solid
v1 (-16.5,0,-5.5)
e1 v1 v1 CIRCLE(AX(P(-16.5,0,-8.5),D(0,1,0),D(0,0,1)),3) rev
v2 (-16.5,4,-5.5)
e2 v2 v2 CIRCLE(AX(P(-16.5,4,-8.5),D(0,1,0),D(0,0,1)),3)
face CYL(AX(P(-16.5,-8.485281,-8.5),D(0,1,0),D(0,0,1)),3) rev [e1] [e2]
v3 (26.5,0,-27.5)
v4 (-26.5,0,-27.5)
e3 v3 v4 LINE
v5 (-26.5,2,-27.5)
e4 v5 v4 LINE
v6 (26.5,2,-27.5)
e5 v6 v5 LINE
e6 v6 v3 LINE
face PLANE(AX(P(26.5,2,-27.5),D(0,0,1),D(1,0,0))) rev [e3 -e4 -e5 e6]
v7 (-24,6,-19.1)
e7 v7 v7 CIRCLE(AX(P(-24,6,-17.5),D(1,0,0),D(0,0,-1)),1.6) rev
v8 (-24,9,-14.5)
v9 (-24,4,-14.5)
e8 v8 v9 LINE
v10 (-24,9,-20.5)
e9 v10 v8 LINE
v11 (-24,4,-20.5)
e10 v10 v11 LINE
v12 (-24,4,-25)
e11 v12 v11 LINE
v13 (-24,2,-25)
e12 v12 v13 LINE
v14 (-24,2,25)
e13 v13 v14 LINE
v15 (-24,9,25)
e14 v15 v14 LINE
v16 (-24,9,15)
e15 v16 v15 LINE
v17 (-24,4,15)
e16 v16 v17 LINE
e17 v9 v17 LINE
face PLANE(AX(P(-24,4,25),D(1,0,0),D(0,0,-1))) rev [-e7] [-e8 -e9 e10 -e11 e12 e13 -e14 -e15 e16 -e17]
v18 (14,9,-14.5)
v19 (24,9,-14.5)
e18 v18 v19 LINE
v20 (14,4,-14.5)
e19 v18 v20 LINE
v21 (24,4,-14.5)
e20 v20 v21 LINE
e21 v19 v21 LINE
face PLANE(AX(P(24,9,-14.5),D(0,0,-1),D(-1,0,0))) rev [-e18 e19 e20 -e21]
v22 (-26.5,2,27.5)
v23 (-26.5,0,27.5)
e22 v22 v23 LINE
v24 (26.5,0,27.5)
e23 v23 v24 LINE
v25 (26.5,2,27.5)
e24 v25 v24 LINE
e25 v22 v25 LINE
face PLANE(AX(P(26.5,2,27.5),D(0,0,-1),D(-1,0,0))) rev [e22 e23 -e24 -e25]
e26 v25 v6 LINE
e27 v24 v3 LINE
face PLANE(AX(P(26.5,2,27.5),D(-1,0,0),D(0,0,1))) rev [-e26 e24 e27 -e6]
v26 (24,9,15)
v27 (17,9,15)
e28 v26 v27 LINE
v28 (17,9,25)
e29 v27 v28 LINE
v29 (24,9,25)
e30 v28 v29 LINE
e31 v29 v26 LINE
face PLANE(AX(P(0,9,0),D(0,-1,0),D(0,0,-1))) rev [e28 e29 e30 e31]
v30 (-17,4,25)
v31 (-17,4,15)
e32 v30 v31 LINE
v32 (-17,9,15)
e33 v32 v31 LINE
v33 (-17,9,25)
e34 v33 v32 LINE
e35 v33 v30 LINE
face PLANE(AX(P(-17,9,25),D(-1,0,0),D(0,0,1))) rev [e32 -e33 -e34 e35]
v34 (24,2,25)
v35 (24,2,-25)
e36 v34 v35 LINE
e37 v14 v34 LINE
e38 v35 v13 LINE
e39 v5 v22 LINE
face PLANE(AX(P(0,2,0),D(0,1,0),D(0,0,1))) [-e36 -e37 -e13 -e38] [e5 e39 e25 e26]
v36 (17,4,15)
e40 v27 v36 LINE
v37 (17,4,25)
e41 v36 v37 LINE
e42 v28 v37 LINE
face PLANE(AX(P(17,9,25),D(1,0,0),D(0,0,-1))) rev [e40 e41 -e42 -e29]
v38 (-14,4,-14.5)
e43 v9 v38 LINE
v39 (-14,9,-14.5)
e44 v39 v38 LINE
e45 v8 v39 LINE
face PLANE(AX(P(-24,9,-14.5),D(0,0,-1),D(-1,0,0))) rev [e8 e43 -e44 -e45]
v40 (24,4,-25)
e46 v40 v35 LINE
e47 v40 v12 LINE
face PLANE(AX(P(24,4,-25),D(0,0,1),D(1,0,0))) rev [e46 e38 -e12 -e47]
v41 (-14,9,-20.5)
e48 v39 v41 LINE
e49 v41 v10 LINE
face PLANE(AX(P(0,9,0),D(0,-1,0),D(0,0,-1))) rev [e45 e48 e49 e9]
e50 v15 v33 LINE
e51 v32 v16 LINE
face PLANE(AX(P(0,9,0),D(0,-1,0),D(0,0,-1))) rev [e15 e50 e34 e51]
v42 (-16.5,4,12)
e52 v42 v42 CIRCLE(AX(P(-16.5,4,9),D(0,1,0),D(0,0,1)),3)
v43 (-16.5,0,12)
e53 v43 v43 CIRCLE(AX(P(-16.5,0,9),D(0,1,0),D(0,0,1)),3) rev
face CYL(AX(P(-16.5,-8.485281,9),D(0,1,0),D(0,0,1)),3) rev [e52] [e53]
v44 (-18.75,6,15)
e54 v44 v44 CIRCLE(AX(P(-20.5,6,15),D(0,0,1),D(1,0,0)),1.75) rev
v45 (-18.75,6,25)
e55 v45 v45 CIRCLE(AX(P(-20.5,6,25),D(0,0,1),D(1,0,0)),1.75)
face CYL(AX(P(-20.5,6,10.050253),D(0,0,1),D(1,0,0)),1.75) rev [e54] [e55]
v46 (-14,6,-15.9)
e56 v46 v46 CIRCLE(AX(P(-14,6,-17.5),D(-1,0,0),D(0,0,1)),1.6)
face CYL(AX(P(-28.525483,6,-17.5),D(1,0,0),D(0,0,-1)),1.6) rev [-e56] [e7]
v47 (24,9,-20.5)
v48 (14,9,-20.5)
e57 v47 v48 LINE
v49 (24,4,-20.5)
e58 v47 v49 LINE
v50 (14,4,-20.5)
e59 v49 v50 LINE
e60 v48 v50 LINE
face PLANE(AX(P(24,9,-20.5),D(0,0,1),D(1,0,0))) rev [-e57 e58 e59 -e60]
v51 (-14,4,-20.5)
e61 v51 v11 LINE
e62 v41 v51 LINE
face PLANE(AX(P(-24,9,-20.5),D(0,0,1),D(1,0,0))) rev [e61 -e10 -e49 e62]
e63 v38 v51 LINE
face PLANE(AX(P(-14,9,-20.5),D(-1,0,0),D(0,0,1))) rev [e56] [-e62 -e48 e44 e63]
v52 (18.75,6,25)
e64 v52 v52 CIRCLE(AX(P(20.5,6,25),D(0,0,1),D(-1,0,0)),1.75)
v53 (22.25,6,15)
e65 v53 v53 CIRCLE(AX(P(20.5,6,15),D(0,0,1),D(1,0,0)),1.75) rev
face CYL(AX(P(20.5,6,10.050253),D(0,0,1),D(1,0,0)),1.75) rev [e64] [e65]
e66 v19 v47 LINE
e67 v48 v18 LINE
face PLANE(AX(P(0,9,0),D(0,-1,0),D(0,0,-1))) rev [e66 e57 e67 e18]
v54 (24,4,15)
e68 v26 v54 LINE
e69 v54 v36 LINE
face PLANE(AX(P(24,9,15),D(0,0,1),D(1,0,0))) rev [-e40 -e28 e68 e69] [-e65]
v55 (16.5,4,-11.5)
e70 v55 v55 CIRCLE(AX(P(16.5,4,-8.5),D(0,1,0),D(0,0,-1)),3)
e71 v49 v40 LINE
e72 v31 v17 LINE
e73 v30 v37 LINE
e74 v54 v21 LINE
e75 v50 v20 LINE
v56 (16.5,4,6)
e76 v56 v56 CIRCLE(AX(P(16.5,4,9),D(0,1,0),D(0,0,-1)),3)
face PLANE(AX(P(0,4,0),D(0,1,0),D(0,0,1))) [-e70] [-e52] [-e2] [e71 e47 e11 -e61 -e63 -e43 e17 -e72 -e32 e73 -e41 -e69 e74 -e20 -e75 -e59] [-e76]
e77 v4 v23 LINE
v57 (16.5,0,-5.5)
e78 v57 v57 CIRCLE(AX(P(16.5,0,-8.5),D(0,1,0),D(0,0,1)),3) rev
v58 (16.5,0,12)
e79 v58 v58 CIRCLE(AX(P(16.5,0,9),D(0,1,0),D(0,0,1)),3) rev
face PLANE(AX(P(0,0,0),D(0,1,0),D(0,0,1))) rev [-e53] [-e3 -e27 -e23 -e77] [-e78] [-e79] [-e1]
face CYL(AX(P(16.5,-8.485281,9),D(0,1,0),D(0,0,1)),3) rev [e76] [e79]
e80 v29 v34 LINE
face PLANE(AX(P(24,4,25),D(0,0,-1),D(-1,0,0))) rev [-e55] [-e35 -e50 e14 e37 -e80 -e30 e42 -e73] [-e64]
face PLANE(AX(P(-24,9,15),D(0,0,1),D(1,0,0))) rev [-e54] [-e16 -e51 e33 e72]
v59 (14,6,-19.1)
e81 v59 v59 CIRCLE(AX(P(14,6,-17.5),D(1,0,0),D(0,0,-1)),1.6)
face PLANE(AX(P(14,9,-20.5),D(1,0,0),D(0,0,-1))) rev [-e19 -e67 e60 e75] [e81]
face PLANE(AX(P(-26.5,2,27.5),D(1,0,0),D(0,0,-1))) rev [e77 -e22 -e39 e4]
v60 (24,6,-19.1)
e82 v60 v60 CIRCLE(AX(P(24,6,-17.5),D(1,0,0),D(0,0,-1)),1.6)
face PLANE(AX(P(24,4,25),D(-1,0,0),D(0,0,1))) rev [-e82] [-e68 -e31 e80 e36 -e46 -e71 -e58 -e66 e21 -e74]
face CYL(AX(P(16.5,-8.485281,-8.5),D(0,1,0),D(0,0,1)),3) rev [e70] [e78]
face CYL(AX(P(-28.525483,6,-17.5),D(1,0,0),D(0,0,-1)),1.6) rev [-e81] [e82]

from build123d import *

# Parameters (mm, degrees)
SKETCH1_W               = 53
SKETCH1_H               = 55
TOP_DEPTH               = 2
SKETCH2_W               = 48
SKETCH2_H               = 50
INSIDE_LIP_DEPTH        = 2
SKETCH3_W               = 7
SKETCH3_H               = 10
SKETCH3_W_2             = 10
SKETCH3_H_2             = 6
SCREW_POSTS_DEPTH       = 5
SKETCH4_R               = 1.75
FRONT_SCREW_HOLES_DEPTH = 10
BACK_START              = -48
SKETCH5_R               = 1.6
BACK_SCREW_HOLES_DEPTH  = 48
SKETCH6_R               = 3
CUT_EXTRUDE3_DEPTH      = 4


with BuildPart() as part:
    # Sketch1 → Top (new body)
    with BuildSketch(Plane(origin=(0, 0, 0), x_dir=(1, 0, 0), z_dir=(0, 1, 0))):
        Rectangle(SKETCH1_W, SKETCH1_H)
    extrude(amount=TOP_DEPTH)

    # Sketch2 → Inside Lip (add)
    with BuildSketch(Plane(origin=(0, 2, 0), x_dir=(1, 0, 0), z_dir=(0, 1, 0))):
        Rectangle(SKETCH2_W, SKETCH2_H)
    extrude(amount=INSIDE_LIP_DEPTH)

    # Sketch3 → Screw Posts (add)
    with BuildSketch(Plane(origin=(0, 4, 0), x_dir=(1, 0, 0), z_dir=(0, 1, 0))):
        with Locations((-20.5, -20)):
            Rectangle(SKETCH3_W, SKETCH3_H)
        with Locations((20.5, -20)):
            Rectangle(SKETCH3_W, SKETCH3_H)
        with Locations((19, 17.5)):
            Rectangle(SKETCH3_W_2, SKETCH3_H_2)
        with Locations((-19, 17.5)):
            Rectangle(SKETCH3_W_2, SKETCH3_H_2)
    extrude(amount=SCREW_POSTS_DEPTH)

    # Sketch4 → Front Screw Holes (cut)
    with BuildSketch(Plane.XY.offset(25)):
        with Locations((-20.5, 6)):
            Circle(SKETCH4_R)
        with Locations((20.5, 6)):
            Circle(SKETCH4_R)
    extrude(amount=-FRONT_SCREW_HOLES_DEPTH, mode=Mode.SUBTRACT)

    # Sketch5 → Back Screw Holes (cut)
    with BuildSketch(Plane(origin=(24, 0, 0), x_dir=(0, 0, -1), z_dir=(1, 0, 0)).offset(BACK_START)):
        with Locations((17.5, 6)):
            Circle(SKETCH5_R)
    extrude(amount=BACK_SCREW_HOLES_DEPTH, mode=Mode.SUBTRACT)

    # Sketch6 → Cut-Extrude3 (cut)
    with BuildSketch(Plane(origin=(0, 4, 0), x_dir=(1, 0, 0), z_dir=(0, 1, 0))):
        with Locations(Location((-16.5, -9, 0), (0, 0, 270))):
            Circle(SKETCH6_R)
        with Locations(Location((-16.5, 8.5, 0), (0, 0, 270))):
            Circle(SKETCH6_R)
        with Locations(Location((16.5, -9, 0), (0, 0, 270))):
            Circle(SKETCH6_R)
        with Locations(Location((16.5, 8.5, 0), (0, 0, 270))):
            Circle(SKETCH6_R)
    extrude(amount=-CUT_EXTRUDE3_DEPTH, mode=Mode.SUBTRACT)


solid = part.part
